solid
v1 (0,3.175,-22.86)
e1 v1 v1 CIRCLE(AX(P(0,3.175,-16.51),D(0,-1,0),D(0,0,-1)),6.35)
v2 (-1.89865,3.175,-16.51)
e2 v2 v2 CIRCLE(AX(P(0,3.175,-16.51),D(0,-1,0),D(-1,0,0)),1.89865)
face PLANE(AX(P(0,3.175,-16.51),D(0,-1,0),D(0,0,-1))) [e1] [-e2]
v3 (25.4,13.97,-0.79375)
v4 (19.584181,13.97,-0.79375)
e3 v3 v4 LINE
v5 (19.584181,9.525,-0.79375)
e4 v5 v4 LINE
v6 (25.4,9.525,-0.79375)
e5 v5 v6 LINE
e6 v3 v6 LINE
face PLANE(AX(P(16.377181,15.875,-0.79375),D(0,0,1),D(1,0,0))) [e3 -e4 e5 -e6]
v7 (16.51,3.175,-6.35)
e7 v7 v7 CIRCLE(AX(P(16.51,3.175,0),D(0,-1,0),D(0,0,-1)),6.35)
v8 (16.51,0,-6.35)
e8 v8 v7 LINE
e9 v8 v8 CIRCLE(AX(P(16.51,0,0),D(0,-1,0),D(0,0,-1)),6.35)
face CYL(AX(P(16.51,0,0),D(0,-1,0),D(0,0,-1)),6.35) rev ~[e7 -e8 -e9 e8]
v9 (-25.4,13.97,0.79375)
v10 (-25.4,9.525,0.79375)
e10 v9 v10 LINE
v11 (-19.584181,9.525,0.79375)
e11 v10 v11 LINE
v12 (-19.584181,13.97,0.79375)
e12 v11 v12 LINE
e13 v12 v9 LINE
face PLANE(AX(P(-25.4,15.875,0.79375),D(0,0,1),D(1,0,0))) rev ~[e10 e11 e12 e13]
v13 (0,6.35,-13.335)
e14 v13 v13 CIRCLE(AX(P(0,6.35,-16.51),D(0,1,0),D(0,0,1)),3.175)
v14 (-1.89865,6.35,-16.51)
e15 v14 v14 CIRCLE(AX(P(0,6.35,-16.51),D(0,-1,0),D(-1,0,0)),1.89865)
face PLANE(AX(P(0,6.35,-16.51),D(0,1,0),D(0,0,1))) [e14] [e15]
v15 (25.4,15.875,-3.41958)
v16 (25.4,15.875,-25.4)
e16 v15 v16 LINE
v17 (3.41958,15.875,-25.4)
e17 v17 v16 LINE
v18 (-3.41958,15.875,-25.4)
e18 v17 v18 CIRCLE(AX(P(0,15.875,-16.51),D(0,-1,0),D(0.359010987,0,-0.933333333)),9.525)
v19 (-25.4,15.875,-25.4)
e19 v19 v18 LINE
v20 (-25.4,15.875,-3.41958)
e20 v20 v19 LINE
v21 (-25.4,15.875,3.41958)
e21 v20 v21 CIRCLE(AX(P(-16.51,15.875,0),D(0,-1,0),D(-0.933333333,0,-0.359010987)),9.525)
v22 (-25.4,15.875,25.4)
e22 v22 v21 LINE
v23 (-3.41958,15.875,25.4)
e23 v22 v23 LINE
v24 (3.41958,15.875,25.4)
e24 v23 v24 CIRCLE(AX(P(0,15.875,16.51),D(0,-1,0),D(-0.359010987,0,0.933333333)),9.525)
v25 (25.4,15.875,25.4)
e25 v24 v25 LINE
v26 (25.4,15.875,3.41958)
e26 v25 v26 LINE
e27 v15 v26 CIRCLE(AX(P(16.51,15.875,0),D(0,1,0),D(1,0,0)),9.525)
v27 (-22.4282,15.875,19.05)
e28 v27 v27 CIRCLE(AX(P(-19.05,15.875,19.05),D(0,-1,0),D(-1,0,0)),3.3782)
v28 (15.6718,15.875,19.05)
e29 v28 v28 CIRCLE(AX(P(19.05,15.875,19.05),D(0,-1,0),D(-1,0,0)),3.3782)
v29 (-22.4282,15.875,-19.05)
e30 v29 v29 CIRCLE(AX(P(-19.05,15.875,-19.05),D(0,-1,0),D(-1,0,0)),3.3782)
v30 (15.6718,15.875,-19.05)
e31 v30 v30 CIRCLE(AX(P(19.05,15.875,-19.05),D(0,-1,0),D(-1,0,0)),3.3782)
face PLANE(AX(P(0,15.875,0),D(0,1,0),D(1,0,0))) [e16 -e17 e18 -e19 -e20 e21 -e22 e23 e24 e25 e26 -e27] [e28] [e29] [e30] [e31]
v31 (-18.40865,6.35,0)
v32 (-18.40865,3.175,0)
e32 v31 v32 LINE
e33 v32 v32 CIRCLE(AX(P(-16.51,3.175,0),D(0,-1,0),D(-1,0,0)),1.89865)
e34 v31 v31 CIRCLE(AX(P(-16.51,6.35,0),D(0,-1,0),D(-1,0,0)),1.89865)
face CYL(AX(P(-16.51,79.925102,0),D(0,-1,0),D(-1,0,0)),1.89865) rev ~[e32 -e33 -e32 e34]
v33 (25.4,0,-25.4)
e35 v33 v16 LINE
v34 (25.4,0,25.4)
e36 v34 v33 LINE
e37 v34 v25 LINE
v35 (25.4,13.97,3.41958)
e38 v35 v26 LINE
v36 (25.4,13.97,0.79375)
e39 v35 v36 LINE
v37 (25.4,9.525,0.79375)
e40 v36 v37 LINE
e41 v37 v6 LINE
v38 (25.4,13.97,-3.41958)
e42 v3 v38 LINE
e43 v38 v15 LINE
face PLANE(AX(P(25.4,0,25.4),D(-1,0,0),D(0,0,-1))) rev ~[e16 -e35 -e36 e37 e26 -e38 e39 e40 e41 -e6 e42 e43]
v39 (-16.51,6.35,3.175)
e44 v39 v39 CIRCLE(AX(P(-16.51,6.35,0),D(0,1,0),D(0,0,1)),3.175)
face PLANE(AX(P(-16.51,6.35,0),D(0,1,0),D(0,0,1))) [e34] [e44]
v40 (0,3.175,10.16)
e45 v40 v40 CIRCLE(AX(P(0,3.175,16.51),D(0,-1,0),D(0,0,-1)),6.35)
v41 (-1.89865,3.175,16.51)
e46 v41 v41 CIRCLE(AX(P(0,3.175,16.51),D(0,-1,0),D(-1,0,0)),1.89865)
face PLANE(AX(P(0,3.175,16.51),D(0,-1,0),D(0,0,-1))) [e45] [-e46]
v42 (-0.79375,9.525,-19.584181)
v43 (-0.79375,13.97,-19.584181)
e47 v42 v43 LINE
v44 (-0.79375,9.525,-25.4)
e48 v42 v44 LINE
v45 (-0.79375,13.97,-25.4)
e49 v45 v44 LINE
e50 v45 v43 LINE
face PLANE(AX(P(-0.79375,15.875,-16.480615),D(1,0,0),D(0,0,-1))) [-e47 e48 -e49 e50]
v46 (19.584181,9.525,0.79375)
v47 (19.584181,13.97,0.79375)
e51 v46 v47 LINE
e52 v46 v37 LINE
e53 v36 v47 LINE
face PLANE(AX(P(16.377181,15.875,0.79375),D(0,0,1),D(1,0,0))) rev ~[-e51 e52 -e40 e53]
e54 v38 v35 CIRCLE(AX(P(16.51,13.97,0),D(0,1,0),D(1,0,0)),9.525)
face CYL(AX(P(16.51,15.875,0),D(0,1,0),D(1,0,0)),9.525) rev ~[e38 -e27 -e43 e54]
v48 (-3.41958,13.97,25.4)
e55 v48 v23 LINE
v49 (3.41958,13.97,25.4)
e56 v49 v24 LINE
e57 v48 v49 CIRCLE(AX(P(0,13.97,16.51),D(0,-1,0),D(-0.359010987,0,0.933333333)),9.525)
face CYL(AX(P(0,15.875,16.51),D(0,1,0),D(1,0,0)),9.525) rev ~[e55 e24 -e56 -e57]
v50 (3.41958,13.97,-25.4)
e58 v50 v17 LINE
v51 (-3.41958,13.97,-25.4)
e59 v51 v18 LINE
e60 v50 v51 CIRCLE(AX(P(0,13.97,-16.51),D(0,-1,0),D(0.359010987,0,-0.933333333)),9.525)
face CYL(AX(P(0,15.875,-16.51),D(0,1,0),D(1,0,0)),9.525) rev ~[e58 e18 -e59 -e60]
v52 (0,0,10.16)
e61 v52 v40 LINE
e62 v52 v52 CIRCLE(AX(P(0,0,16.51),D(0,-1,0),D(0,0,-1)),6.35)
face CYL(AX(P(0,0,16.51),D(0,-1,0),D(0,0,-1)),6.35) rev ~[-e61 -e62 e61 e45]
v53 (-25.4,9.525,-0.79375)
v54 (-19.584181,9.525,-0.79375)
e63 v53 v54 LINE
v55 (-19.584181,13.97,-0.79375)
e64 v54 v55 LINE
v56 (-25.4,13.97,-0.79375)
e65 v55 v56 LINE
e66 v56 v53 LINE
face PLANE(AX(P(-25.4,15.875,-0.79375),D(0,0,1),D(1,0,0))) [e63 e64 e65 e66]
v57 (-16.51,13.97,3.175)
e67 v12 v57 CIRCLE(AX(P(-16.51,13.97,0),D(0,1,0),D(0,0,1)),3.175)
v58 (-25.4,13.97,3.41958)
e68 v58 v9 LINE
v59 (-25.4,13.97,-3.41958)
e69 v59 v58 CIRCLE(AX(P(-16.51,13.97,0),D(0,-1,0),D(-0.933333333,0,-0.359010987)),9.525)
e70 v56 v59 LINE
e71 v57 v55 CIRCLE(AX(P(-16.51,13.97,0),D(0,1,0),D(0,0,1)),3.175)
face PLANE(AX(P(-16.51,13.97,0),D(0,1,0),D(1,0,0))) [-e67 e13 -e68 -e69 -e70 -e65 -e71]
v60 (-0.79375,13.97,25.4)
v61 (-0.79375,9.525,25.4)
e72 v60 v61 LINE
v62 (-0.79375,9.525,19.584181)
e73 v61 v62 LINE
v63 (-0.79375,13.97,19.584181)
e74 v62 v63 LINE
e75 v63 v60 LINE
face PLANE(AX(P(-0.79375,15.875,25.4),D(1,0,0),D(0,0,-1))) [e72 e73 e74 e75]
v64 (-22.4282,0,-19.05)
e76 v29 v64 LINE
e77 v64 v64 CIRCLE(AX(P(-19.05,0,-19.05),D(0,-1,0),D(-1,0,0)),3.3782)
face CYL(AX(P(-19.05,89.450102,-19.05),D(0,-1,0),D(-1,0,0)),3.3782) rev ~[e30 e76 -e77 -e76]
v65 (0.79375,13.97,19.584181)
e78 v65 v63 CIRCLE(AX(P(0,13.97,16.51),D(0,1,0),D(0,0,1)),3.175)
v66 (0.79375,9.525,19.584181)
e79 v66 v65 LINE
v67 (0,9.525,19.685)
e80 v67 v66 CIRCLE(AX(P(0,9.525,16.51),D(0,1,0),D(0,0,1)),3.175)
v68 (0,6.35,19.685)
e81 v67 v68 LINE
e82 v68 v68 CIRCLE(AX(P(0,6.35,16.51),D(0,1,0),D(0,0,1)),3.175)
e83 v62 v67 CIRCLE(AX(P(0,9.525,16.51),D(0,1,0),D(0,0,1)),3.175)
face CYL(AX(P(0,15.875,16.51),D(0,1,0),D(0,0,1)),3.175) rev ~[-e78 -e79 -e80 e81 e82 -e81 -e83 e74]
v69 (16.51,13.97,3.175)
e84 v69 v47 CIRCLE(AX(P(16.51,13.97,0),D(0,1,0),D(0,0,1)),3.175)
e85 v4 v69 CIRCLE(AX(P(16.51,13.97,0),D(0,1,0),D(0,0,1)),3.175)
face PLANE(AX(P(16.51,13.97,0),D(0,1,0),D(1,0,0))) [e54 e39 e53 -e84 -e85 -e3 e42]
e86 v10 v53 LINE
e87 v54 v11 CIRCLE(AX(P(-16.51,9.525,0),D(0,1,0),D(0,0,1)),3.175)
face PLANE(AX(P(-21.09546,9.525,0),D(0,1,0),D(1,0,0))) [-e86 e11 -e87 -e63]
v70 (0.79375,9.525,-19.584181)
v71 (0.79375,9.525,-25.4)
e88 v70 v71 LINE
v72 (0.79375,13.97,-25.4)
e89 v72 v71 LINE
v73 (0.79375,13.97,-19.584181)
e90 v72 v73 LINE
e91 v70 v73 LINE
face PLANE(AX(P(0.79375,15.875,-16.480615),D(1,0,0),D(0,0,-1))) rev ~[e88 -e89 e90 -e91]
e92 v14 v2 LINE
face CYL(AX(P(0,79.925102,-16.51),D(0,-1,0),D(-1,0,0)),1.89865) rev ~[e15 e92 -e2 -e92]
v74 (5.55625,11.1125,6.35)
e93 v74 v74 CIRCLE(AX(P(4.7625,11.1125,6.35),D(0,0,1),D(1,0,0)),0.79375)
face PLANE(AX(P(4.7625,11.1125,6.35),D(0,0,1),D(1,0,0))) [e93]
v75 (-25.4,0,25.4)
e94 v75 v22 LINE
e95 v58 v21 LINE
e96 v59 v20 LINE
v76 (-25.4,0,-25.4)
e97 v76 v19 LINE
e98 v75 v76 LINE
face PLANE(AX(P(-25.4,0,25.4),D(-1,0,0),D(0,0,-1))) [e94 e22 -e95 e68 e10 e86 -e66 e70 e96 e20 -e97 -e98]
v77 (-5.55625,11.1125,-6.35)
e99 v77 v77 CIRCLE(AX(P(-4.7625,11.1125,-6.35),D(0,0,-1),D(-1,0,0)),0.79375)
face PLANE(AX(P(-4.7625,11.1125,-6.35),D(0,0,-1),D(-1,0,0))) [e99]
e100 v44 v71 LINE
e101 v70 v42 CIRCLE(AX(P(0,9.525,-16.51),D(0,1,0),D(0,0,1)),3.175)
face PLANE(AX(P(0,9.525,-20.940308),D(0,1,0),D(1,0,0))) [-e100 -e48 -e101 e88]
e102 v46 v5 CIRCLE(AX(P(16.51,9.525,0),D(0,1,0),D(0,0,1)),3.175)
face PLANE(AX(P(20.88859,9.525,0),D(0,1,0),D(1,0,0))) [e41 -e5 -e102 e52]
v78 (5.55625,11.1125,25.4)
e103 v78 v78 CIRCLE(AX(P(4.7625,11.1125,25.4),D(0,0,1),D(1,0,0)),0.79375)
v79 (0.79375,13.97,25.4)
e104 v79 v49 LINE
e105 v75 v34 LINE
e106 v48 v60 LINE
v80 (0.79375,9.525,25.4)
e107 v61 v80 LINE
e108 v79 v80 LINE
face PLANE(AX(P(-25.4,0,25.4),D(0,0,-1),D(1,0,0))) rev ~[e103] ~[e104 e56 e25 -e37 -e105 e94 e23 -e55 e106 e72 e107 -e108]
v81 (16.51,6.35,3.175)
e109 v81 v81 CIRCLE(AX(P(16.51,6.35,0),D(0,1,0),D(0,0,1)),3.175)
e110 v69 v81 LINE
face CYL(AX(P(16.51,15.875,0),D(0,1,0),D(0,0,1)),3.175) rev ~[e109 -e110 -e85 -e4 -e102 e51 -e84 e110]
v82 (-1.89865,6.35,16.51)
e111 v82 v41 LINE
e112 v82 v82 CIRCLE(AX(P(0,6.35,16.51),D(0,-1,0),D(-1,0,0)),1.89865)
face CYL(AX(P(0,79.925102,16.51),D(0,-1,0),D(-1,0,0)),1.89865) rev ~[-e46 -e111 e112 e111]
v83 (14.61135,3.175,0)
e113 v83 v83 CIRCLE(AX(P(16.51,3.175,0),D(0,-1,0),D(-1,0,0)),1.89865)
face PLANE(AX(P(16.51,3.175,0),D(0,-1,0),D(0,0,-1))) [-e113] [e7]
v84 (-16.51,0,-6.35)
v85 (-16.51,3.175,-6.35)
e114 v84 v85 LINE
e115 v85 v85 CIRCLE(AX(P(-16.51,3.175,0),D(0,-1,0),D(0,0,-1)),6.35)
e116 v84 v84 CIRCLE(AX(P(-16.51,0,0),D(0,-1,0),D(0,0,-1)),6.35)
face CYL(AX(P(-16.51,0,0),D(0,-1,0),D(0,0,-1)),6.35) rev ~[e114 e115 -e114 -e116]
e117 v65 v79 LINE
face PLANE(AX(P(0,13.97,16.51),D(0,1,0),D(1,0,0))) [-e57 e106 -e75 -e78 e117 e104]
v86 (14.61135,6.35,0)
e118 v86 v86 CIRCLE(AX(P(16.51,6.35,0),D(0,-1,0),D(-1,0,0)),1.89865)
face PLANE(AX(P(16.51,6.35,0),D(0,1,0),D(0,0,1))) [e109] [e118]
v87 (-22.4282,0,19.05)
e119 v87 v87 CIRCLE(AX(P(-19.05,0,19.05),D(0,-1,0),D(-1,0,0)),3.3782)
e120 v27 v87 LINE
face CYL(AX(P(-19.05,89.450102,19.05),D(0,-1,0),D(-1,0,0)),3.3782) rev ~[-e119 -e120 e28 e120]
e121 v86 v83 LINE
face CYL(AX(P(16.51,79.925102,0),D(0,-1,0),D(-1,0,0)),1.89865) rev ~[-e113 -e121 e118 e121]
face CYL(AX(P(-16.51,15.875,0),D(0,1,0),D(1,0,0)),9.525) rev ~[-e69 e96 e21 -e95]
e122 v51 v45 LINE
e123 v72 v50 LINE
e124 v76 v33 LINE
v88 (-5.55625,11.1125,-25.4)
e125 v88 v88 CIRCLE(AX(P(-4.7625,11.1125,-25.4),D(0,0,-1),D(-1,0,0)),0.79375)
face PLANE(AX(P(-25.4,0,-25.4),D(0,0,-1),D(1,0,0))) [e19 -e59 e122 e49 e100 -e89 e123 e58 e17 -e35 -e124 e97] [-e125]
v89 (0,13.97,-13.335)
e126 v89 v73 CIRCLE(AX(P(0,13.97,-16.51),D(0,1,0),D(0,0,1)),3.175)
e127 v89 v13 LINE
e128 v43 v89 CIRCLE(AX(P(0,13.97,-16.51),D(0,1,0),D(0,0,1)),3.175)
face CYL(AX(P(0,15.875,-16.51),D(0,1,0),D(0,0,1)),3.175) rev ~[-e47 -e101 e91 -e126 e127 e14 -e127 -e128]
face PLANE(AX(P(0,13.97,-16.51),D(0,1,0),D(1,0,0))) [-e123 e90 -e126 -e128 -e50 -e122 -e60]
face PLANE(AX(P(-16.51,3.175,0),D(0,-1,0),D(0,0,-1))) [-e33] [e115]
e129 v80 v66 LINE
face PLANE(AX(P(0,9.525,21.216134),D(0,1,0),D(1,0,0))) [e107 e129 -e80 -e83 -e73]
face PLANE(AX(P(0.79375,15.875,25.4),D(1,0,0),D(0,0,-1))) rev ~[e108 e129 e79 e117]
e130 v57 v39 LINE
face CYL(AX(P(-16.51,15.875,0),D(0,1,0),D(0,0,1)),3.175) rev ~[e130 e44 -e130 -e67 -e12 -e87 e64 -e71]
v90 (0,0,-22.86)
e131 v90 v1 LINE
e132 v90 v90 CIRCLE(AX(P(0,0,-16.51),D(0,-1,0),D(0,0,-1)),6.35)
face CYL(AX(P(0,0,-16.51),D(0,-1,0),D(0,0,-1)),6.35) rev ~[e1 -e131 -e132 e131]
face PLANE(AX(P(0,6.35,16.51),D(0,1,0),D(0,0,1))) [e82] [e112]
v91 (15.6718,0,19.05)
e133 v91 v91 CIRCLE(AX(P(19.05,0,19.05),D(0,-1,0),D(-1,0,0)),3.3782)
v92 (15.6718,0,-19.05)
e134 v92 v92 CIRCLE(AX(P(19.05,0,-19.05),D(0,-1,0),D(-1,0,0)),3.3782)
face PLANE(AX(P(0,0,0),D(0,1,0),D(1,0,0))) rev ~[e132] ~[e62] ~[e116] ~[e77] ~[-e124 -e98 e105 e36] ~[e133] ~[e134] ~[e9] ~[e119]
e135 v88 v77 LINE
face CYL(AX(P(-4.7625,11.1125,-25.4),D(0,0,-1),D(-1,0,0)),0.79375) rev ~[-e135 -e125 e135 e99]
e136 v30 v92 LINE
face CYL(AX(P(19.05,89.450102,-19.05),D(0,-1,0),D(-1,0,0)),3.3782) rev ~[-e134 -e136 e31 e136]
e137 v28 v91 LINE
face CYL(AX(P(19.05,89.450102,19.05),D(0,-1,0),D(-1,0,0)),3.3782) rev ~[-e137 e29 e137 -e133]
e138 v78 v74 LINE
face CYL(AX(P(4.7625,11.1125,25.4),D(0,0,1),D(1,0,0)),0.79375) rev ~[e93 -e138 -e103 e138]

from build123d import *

# Parameters (mm, degrees)
SKETCH1_W               = 50.8
SKETCH1_H               = 50.8
BOSS_EXTRUDE1_DEPTH     = 15.875
F_1_4_CLEARANCE_HOLE1_D = 6.7564
SKETCH7_R               = 3.175
CUT_EXTRUDE2_DEPTH      = 9.525
F_6_CLEARANCE_HOLE1_D   = 3.7973
SKETCH15_R              = 6.35
CUT_EXTRUDE5_DEPTH      = 3.175
SKETCH17_R              = 0.79375
CUT_EXTRUDE7_DEPTH      = 19.05
SKETCH19_R              = 0.79375
CUT_EXTRUDE8_DEPTH      = 19.05
SKETCH20_W              = 1.5875
SKETCH20_H              = 8.919384601
SKETCH20_W_2            = 8.609080127
SKETCH20_H_2            = 1.5875
SKETCH20_W_3            = 9.022819426
SKETCH20_H_3            = 8.367732203
CUT_EXTRUDE9_DEPTH      = 6.35
SKETCH21_R              = 9.525
CUT_EXTRUDE10_DEPTH     = 1.905


with BuildPart() as part:
    # Sketch1 → Boss-Extrude1 (new body)
    with BuildSketch(Plane(origin=(0, 0, 0), x_dir=(1, 0, 0), z_dir=(0, 1, 0))):
        Rectangle(SKETCH1_W, SKETCH1_H)
    extrude(amount=BOSS_EXTRUDE1_DEPTH)

    # 1/4 Clearance Hole1 (through all)
    with Locations(Plane(origin=(0, 15.875, 0), x_dir=(1, 0, 0), z_dir=(0, 1, 0))):
        with Locations((-19.05, -19.05), (-19.05, 19.05), (19.05, 19.05), (19.05, -19.05)):
            Hole(F_1_4_CLEARANCE_HOLE1_D / 2)

    # Sketch7 → Cut-Extrude2 (cut)
    with BuildSketch(Plane(origin=(0, 15.875, 0), x_dir=(1, 0, 0), z_dir=(0, 1, 0))):
        with Locations(Location((-16.51, 0, 0), (0, 0, 270))):
            Circle(SKETCH7_R)
        with Locations(Location((0, 16.51, 0), (0, 0, 270))):
            Circle(SKETCH7_R)
        with Locations(Location((16.51, 0, 0), (0, 0, 270))):
            Circle(SKETCH7_R)
        with Locations(Location((0, -16.51, 0), (0, 0, 270))):
            Circle(SKETCH7_R)
    extrude(amount=-CUT_EXTRUDE2_DEPTH, mode=Mode.SUBTRACT)

    # #6 Clearance Hole1 (through all)
    with Locations(Plane(origin=(0, 6.35, 0), x_dir=(1, 0, 0), z_dir=(0, 1, 0))):
        with Locations((-16.51, 0), (0, 16.51), (16.51, 0), (0, -16.51)):
            Hole(F_6_CLEARANCE_HOLE1_D / 2)

    # Sketch15 → Cut-Extrude5 (cut)
    with BuildSketch(Plane.XZ):
        with Locations(Location((0, 16.51, 0), (0, 0, 270))):
            Circle(SKETCH15_R)
        with Locations(Location((16.51, 0, 0), (0, 0, 270))):
            Circle(SKETCH15_R)
        with Locations(Location((0, -16.51, 0), (0, 0, 270))):
            Circle(SKETCH15_R)
        with Locations(Location((-16.51, 0, 0), (0, 0, 270))):
            Circle(SKETCH15_R)
    extrude(amount=-CUT_EXTRUDE5_DEPTH, mode=Mode.SUBTRACT)

    # Sketch17 → Cut-Extrude7 (cut)
    with BuildSketch(Plane.XY.offset(25.4)):
        with Locations((4.7625, 11.1125)):
            Circle(SKETCH17_R)
    extrude(amount=-CUT_EXTRUDE7_DEPTH, mode=Mode.SUBTRACT)

    # Sketch19 → Cut-Extrude8 (cut)
    with BuildSketch(Plane(origin=(0, 0, -25.4), x_dir=(-1, 0, 0), z_dir=(0, 0, -1))):
        with Locations((4.7625, 11.1125)):
            Circle(SKETCH19_R)
    extrude(amount=-CUT_EXTRUDE8_DEPTH, mode=Mode.SUBTRACT)

    # Sketch20 → Cut-Extrude9 (cut)
    with BuildSketch(Plane(origin=(0, 15.875, 0), x_dir=(1, 0, 0), z_dir=(0, 1, 0))):
        with Locations((0, 20.9403077)):
            Rectangle(SKETCH20_W, SKETCH20_H)
        with Locations((-21.095459936, 0)):
            Rectangle(SKETCH20_W_2, SKETCH20_H_2)
        with Locations((20.888590287, 0)):
            Rectangle(SKETCH20_W_3, SKETCH20_H_2)
        with Locations((0, -21.216133899)):
            Rectangle(SKETCH20_W, SKETCH20_H_3)
    extrude(amount=-CUT_EXTRUDE9_DEPTH, mode=Mode.SUBTRACT)

    # Sketch21 → Cut-Extrude10 (cut)
    with BuildSketch(Plane(origin=(0, 15.875, 0), x_dir=(1, 0, 0), z_dir=(0, 1, 0))):
        with Locations((-16.51, 0)):
            Circle(SKETCH21_R)
        with Locations((16.51, 0)):
            Circle(SKETCH21_R)
        with Locations((0, 16.51)):
            Circle(SKETCH21_R)
        with Locations((0, -16.51)):
            Circle(SKETCH21_R)
    extrude(amount=-CUT_EXTRUDE10_DEPTH, mode=Mode.SUBTRACT)


solid = part.part
